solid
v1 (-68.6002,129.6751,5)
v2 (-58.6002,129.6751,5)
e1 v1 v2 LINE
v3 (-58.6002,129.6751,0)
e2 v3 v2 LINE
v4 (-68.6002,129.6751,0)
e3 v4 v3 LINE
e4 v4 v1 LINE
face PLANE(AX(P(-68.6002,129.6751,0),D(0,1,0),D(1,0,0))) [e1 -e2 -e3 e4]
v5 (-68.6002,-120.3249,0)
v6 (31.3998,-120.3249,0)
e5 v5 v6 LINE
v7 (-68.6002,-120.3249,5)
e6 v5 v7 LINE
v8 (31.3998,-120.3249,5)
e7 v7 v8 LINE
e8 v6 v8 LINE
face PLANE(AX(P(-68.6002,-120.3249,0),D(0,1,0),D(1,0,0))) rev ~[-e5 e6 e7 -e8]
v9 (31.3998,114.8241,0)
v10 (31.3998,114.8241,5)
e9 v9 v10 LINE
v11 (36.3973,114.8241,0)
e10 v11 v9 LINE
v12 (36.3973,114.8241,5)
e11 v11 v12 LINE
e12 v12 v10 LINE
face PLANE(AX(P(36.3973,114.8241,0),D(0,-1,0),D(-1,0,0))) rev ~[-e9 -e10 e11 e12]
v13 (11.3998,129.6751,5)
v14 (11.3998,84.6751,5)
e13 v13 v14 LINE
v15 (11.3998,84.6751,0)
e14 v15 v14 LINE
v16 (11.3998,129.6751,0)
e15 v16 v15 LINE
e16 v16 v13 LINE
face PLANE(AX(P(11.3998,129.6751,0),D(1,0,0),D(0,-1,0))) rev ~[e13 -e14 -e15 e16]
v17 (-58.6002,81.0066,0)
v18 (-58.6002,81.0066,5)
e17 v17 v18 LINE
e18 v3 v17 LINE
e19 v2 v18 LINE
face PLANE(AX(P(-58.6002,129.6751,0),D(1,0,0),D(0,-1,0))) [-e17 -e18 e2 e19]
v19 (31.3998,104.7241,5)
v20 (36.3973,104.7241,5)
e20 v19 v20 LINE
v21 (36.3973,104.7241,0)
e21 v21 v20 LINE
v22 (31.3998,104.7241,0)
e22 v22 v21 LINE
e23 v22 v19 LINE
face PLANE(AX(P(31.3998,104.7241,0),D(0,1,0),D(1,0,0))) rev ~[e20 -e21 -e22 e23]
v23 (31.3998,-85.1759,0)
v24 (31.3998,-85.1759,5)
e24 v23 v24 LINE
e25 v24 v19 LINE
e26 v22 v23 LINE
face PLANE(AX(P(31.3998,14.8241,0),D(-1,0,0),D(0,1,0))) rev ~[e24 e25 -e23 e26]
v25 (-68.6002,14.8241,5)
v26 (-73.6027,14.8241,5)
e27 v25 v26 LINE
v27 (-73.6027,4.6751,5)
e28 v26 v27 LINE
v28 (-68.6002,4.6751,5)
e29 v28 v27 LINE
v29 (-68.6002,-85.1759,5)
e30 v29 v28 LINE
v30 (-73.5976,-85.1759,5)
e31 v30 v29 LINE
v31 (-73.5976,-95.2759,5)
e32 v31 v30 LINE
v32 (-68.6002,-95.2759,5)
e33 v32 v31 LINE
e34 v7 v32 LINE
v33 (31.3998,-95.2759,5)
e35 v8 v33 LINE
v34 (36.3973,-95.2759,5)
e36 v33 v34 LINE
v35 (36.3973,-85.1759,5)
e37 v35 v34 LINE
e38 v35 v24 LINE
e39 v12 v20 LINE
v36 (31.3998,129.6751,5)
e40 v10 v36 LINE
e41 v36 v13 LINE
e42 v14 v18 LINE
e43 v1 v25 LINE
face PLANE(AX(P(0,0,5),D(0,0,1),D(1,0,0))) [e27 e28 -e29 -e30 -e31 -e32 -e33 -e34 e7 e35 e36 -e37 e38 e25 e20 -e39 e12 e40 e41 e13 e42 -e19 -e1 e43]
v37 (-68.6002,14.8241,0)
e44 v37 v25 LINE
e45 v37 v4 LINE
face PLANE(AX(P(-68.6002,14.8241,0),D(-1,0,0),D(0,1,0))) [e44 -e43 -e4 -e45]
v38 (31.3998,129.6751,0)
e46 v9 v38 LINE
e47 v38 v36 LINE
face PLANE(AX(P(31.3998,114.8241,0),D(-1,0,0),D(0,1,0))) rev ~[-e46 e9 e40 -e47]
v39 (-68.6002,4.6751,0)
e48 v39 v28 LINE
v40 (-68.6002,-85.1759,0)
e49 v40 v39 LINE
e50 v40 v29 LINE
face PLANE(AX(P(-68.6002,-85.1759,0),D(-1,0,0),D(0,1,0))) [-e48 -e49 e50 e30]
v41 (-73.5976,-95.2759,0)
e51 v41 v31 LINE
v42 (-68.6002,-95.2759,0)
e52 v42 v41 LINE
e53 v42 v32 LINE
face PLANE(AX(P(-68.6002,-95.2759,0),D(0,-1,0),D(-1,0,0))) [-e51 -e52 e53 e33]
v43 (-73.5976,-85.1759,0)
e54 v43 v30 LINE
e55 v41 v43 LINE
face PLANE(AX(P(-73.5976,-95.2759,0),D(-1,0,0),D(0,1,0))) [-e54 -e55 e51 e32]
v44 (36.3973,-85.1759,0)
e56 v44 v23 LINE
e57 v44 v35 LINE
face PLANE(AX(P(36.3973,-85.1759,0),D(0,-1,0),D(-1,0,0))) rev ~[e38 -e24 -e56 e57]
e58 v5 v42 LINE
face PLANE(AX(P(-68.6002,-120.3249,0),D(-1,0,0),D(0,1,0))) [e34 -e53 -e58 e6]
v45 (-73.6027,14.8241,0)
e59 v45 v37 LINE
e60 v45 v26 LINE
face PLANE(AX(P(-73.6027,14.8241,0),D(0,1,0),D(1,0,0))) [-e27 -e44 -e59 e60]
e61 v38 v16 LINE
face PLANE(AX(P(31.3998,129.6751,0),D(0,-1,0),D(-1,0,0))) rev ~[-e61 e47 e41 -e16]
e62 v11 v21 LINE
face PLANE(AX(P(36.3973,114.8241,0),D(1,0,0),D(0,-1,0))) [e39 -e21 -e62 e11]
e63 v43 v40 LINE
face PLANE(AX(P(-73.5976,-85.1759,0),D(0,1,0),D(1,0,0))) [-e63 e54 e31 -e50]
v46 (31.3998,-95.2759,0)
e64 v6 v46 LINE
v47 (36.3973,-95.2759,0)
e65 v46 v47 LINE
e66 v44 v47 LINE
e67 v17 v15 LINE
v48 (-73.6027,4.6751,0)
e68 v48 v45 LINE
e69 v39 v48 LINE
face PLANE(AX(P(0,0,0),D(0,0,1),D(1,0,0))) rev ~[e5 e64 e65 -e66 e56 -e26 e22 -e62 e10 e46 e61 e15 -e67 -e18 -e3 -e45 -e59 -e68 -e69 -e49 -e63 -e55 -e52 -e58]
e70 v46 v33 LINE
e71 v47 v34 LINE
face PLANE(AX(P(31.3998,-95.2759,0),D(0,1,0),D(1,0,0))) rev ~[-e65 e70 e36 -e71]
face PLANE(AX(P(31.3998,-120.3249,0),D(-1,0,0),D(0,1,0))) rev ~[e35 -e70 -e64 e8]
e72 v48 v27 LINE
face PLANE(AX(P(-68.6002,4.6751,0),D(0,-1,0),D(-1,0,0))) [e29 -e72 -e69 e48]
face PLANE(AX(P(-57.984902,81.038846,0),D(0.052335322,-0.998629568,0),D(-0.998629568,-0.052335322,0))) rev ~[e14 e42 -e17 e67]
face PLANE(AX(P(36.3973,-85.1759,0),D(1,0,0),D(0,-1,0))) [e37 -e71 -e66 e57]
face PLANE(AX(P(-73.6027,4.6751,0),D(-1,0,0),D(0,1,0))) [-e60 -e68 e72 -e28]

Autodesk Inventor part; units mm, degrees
ref_plane "YZ Plane" through (0, 0, 0) normal (1, 0, 0) x (0, 1, 0)
ref_plane "XZ Plane" through (0, 0, 0) normal (0, 1, 0) x (-1, 0, 0)
ref_plane "XY Plane" through (0, 0, 0) normal (0, 0, 1) x (1, 0, 0)
sketch "Sketch1" plane through (0, 0, 0) normal (0, 0, 1) x (1, 0, 0)
  line L0 (-68.6002, -120.3249) -> (31.3998, -120.3249)
  line L1 (31.3998, -120.3249) -> (31.3998, 129.6751)
  line L2 (31.3998, 129.6751) -> (11.3998, 129.6751)
  line L3 (11.3998, 129.6751) -> (11.3998, 84.6751)
  line L4 (11.3998, 84.6751) -> (-58.6002, 81.0066)
  line L5 (-68.6002, -120.3249) -> (-68.6002, 77.725)
  line L6 (-68.6002, 77.725) -> (-68.6002, 129.6751)
  line L7 (-68.6002, 129.6751) -> (-58.6002, 129.6751)
  line L8 (-58.6002, 129.6751) -> (-58.6002, 81.0066)
  line L9 (31.3998, -120.3249) -> (41.3973, -120.3249) construction
  line L10 (31.3998, 4.6751) -> (-68.6002, 4.6751) construction
  line L11 (31.3998, 4.6751) -> (36.4024, 4.6751)
  line L12 (36.4024, 14.8241) -> (31.3973, 14.8241)
  line L13 (31.3973, 14.8241) -> (31.3998, 4.6751)
  line L14 (-68.6002, 129.6751) -> (-68.6002, 79.6751)
  line L15 (-68.6002, 79.6751) -> (31.3998, 79.6751) construction
  line L16 (36.3973, 114.8241) -> (31.3973, 114.8241)
  line L17 (31.3973, 104.7241) -> (36.3973, 104.7241)
  line L18 (36.3973, -85.1759) -> (31.3973, -85.1759)
  line L19 (31.3973, -95.2759) -> (36.3973, -95.2759)
  line L20 (36.4024, 14.8241) -> (31.4024, 14.8241)
  line L21 (31.4024, 4.7241) -> (36.4024, 4.7241)
  line L22 (-18.6002, -120.3249) -> (-18.6002, 129.7241) construction
  line L23 (-73.6027, 14.8241) -> (-68.5976, 14.8241)
  line L24 (-73.6027, 14.8241) -> (-68.6027, 14.8241)
  line L25 (-68.6002, 4.6751) -> (-73.6027, 4.6751)
  line L26 (-68.6027, 4.7241) -> (-73.6027, 4.7241)
  line L27 (-73.6027, 4.6751) -> (-73.6027, 14.8241)
  line L28 (-73.6027, 4.7241) -> (-73.6027, 14.8241)
  line L29 (-73.5976, -85.1759) -> (-68.5976, -85.1759)
  line L30 (-73.5976, -95.2759) -> (-73.5976, -85.1759)
  line L31 (-68.5976, -95.2759) -> (-73.5976, -95.2759)
  line L32 (-68.6002, -120.3249) -> (-78.6002, -120.3249)
  line L33 (-58.6002, 81.0066) -> (-68.6002, 81.0556) construction
  line L34 (36.4024, 14.8241) -> (36.4024, 4.7241)
  line L35 (36.3973, 114.8241) -> (36.3973, 104.7241)
  line L36 (36.3973, -85.1759) -> (36.3973, -95.2759)
  line L37 (11.2345, 78.6582) -> (0.2496, 78.0825)
  line L38 (0.2496, 78.0825) -> (-0.0644, 84.0743)
  line L39 (-0.0644, 84.0743) -> (10.9205, 84.65)
  line L40 (10.9205, 84.65) -> (11.2345, 78.6582)
  line L41 (-57.9849, 81.0388) -> (10.9205, 84.65)
  line L42 (-57.6709, 75.047) -> (-57.9849, 81.0388)
  line L43 (-46.686, 75.6227) -> (-57.6709, 75.047)
  line L44 (-47, 81.6145) -> (-46.686, 75.6227)
  point P0 (0, 0)
  point P1 (21.3998, 129.6751)
  point P2 (-63.6002, 129.6751)
  point P3 (-68.6002, 14.8241)
  point P4 (-68.6002, 4.6751)
  point P5 (-68.6002, -85.1759)
  point P6 (-68.6002, -95.2759)
  point P7 (31.3998, -95.2759)
  point P8 (31.3998, -85.1759)
  point P9 (36.3973, 4.7241)
  point P10 (36.4024, 14.8241)
  point P11 (31.3998, 14.8241)
  point P12 (31.3998, 104.7241)
  point P13 (31.3998, 114.8241)
  dimension "d0" = 100
  dimension "d2" = 20
  dimension "d4" = 93
  dimension "d5" = 10
  dimension "d6" = 85
  dimension "d10" = 50
  dimension "d12" = 100
  dimension "d13" = 10
  dimension "d33" = 11
  dimension "d34" = 6
  dimension "d35" = 10
  dimension "d36" = 11
  dimension "d37" = 6
  dimension "d43" = 0
extrude "Extrusion1" add sketch "Sketch1" along normal blind 5
properties part number "Lifting Sections leftt"
